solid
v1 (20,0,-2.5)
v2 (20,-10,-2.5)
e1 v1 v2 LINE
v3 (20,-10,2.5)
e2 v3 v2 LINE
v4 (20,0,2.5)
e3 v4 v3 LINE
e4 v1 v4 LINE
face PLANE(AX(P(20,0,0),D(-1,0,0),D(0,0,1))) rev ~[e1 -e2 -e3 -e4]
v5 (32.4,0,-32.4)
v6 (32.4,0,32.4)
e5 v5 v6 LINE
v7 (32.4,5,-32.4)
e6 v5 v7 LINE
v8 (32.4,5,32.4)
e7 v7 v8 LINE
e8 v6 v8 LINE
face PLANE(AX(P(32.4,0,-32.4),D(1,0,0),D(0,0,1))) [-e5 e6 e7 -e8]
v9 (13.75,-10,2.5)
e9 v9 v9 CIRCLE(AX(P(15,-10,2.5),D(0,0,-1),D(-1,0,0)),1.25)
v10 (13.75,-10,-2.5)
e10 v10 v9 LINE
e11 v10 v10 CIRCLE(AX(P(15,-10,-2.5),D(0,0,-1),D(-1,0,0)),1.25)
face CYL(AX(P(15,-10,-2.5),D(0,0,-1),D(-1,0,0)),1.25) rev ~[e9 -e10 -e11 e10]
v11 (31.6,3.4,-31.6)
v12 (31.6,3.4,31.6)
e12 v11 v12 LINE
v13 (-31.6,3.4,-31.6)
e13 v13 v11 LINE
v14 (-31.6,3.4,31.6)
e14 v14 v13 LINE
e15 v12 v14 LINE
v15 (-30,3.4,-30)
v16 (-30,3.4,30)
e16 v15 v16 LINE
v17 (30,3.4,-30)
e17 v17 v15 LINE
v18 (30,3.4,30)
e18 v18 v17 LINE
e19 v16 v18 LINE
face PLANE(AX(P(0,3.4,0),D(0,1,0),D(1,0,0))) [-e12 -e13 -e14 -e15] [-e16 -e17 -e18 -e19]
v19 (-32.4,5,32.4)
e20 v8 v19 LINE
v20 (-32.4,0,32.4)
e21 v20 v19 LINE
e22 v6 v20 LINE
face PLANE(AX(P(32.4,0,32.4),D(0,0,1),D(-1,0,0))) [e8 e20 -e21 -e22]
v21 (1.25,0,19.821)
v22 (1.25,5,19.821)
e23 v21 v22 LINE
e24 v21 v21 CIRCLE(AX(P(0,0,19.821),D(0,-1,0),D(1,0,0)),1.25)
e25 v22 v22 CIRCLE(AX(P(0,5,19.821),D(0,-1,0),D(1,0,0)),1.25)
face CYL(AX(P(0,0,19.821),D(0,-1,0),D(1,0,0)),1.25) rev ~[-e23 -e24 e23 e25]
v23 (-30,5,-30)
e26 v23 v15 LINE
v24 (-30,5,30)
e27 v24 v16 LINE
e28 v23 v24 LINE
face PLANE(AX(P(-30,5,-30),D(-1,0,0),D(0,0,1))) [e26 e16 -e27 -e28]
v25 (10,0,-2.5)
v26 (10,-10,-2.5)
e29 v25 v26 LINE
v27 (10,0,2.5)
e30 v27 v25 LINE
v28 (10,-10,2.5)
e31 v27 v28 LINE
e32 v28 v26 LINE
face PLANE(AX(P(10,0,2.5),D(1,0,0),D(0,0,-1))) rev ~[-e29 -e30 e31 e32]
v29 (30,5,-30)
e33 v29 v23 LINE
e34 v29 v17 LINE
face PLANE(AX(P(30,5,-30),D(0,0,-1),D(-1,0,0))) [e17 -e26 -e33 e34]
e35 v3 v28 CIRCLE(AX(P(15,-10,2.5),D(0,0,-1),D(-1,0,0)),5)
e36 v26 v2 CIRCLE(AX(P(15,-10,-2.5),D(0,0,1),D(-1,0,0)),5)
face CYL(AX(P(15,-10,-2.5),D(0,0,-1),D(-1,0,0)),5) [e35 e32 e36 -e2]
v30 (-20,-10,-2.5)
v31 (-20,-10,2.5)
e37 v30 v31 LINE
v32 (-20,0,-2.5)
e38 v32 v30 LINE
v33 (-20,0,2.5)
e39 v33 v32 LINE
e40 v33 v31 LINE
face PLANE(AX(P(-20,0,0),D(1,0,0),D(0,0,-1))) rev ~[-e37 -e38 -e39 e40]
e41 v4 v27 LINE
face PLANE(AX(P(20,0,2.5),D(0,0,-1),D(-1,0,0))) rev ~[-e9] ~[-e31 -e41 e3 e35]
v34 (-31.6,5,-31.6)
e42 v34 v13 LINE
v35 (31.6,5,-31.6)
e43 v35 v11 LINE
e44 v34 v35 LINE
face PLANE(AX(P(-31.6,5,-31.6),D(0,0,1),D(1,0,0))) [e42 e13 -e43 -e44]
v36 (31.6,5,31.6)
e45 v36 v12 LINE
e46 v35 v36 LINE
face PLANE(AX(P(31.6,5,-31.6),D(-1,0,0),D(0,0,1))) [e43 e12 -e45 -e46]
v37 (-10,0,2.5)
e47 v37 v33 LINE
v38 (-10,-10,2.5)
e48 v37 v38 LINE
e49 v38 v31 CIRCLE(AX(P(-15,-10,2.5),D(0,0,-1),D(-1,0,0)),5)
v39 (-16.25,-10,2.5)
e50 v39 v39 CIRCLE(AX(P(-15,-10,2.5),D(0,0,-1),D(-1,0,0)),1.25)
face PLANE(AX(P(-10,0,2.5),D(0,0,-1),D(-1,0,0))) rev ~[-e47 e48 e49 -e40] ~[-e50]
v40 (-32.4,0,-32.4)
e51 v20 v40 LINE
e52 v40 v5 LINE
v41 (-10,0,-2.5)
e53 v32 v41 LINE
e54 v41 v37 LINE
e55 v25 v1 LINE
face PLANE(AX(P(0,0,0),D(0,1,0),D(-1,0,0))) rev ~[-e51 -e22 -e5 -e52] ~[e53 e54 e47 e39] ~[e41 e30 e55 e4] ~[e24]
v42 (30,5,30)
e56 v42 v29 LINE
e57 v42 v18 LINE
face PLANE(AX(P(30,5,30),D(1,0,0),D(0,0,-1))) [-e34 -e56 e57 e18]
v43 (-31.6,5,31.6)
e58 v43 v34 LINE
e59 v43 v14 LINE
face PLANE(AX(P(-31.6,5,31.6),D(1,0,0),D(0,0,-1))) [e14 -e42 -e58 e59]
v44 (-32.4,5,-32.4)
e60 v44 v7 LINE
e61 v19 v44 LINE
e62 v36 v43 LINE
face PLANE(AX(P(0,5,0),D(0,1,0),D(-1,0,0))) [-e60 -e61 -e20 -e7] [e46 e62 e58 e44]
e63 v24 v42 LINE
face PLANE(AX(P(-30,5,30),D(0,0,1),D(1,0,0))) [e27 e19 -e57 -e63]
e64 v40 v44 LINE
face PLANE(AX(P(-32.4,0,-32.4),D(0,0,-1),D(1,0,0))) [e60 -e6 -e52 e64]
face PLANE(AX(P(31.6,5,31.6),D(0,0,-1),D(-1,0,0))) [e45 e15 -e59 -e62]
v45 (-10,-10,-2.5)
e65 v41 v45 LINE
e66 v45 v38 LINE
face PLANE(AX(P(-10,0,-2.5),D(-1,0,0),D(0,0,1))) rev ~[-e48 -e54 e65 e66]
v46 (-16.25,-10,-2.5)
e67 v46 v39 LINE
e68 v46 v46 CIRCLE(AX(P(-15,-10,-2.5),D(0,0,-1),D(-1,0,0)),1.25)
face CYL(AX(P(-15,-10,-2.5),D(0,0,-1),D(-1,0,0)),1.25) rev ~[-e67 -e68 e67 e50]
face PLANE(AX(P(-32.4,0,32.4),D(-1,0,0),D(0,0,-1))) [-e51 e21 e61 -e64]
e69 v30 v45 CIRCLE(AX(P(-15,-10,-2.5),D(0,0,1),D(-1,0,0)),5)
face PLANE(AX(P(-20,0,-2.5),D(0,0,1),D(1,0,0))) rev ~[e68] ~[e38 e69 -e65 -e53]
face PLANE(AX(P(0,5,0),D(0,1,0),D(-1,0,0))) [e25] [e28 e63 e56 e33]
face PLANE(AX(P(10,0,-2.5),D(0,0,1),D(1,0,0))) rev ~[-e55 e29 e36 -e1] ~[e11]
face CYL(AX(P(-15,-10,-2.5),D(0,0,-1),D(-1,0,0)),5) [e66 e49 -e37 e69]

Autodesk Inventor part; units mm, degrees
ref_plane "YZ Plane" through (0, 0, 0) normal (1, 0, 0) x (0, 1, 0)
ref_plane "XZ Plane" through (0, 0, 0) normal (0, 1, 0) x (-1, 0, 0)
ref_plane "XY Plane" through (0, 0, 0) normal (0, 0, 1) x (1, 0, 0)
sketch "스케치1" plane through (0, 0, 0) normal (0, 1, 0) x (-1, 0, 0)
  line L0 (-30, 30) -> (30, 30)
  line L1 (30, 30) -> (30, -30)
  line L2 (30, -30) -> (-30, -30)
  line L3 (-30, -30) -> (-30, 30)
  line L4 (-30, 30) -> (30, -30) construction
  line L5 (30, 30) -> (-30, -30) construction
  line L6 (-32.4, 32.4) -> (32.4, 32.4)
  line L7 (32.4, 32.4) -> (32.4, -32.4)
  line L8 (32.4, -32.4) -> (-32.4, -32.4)
  line L9 (-32.4, -32.4) -> (-32.4, 32.4)
  line L10 (-32.4, 32.4) -> (32.4, -32.4) construction
  line L11 (32.4, 32.4) -> (-32.4, -32.4) construction
  point P0 (0, 0)
  dimension "d45" = 60
  dimension "d46" = 60
  dimension "d47" = 2.4
extrude "돌출7" add sketch "스케치1" along normal blind 5 contours L0 L1 L2 L3 | L6 L7 L8 L9
sketch "스케치7" plane through (0, 5, 0) normal (0, 1, 0) x (1, 0, 0)
  line L0 (-30, -30) -> (30, -30)
  line L1 (30, -30) -> (30, 30)
  line L2 (30, 30) -> (-30, 30)
  line L3 (-30, 30) -> (-30, -30)
  line L4 (-30, -30) -> (30, 30) construction
  line L5 (30, -30) -> (-30, 30) construction
  line L6 (31.6, -31.6) -> (-31.6, -31.6)
  line L7 (-31.6, -31.6) -> (-31.6, 31.6)
  line L8 (-31.6, 31.6) -> (31.6, 31.6)
  line L9 (31.6, 31.6) -> (31.6, -31.6)
  line L10 (31.6, -31.6) -> (-31.6, 31.6) construction
  line L11 (-31.6, -31.6) -> (31.6, 31.6) construction
  point P0 (0, 0)
  dimension "d50" = 60
  dimension "d51" = 60
  dimension "d52" = 1.6
extrude "돌출8" cut sketch "스케치7" against normal blind 1.6
sketch "스케치8" plane through (0, 0, 0) normal (0, -1, 0) x (1, 0, 0)
  line L0 (-20, -2.5) -> (-10, -2.5)
  line L1 (-10, -2.5) -> (-10, 2.5)
  line L2 (-10, 2.5) -> (-20, 2.5)
  line L3 (-20, 2.5) -> (-20, -2.5)
  line L4 (-20, -2.5) -> (-10, 2.5) construction
  line L5 (-10, -2.5) -> (-20, 2.5) construction
  line L6 (10, -2.5) -> (20, -2.5)
  line L7 (20, -2.5) -> (20, 2.5)
  line L8 (20, 2.5) -> (10, 2.5)
  line L9 (10, 2.5) -> (10, -2.5)
  line L10 (10, -2.5) -> (20, 2.5) construction
  line L11 (20, -2.5) -> (10, 2.5) construction
  line L12 (32.4, 32.4) -> (32.4, -32.4) projected
  line L13 (32.4, 0) -> (20, 0)
  line L14 (-20, 0) -> (-32.4, 0)
  line L15 (-32.4, -32.4) -> (-32.4, 32.4) projected
  point P0 (0, 0)
  point P1 (-15, 0)
  point P2 (15, 0)
  dimension "d55" = 10
  dimension "d56" = 5
  dimension "d57" = 20
  dimension "d58" = 10
  dimension "d61" = 12.4
extrude "돌출9" add sketch "스케치8" along normal blind 10
sketch "스케치9" plane through (-10, 0, -2.5) normal (0, 0, -1) x (-1, 0, 0)
  line L0 (10, -10) -> (0, -10) projected
  circle A0 centre (5, -10) radius 5
  line L1 (-20, -10) -> (-30, -10) projected
  circle A1 centre (-25, -10) radius 5
  point P0 (-10, 0)
  dimension "d64" = 10
  dimension "d65" = 10
extrude "돌출10" add sketch "스케치9" against normal blind 5
sketch "스케치10" plane through (-10, 0, -2.5) normal (0, 0, -1) x (-1, 0, 0)
  arc A0 (0, -10) -> (10, -10) centre (5, -10) ccw projected
  circle A1 centre (5, -10) radius 1.25
  arc A2 (-30, -10) -> (-20, -10) centre (-25, -10) ccw projected
  circle A3 centre (-25, -10) radius 1.25
  point P0 (-10, 0)
  dimension "d68" = 2.5
  dimension "d69" = 2.5
extrude "돌출11" cut sketch "스케치10" against normal blind 5
sketch "스케치11" plane through (0, 0, 0) normal (0, -1, 0) x (1, 0, 0)
  circle A0 centre (0, 19.821) radius 1.25
  line L0 (-20, 2.5) -> (-10, 2.5) projected
  point P0 (0, 0)
  dimension "d72" = 2.5
  dimension "d73" = 17.321
extrude "돌출12" cut sketch "스케치11" against normal blind 5
properties part number "사각형 OV-PAM 5패턴 상단"
